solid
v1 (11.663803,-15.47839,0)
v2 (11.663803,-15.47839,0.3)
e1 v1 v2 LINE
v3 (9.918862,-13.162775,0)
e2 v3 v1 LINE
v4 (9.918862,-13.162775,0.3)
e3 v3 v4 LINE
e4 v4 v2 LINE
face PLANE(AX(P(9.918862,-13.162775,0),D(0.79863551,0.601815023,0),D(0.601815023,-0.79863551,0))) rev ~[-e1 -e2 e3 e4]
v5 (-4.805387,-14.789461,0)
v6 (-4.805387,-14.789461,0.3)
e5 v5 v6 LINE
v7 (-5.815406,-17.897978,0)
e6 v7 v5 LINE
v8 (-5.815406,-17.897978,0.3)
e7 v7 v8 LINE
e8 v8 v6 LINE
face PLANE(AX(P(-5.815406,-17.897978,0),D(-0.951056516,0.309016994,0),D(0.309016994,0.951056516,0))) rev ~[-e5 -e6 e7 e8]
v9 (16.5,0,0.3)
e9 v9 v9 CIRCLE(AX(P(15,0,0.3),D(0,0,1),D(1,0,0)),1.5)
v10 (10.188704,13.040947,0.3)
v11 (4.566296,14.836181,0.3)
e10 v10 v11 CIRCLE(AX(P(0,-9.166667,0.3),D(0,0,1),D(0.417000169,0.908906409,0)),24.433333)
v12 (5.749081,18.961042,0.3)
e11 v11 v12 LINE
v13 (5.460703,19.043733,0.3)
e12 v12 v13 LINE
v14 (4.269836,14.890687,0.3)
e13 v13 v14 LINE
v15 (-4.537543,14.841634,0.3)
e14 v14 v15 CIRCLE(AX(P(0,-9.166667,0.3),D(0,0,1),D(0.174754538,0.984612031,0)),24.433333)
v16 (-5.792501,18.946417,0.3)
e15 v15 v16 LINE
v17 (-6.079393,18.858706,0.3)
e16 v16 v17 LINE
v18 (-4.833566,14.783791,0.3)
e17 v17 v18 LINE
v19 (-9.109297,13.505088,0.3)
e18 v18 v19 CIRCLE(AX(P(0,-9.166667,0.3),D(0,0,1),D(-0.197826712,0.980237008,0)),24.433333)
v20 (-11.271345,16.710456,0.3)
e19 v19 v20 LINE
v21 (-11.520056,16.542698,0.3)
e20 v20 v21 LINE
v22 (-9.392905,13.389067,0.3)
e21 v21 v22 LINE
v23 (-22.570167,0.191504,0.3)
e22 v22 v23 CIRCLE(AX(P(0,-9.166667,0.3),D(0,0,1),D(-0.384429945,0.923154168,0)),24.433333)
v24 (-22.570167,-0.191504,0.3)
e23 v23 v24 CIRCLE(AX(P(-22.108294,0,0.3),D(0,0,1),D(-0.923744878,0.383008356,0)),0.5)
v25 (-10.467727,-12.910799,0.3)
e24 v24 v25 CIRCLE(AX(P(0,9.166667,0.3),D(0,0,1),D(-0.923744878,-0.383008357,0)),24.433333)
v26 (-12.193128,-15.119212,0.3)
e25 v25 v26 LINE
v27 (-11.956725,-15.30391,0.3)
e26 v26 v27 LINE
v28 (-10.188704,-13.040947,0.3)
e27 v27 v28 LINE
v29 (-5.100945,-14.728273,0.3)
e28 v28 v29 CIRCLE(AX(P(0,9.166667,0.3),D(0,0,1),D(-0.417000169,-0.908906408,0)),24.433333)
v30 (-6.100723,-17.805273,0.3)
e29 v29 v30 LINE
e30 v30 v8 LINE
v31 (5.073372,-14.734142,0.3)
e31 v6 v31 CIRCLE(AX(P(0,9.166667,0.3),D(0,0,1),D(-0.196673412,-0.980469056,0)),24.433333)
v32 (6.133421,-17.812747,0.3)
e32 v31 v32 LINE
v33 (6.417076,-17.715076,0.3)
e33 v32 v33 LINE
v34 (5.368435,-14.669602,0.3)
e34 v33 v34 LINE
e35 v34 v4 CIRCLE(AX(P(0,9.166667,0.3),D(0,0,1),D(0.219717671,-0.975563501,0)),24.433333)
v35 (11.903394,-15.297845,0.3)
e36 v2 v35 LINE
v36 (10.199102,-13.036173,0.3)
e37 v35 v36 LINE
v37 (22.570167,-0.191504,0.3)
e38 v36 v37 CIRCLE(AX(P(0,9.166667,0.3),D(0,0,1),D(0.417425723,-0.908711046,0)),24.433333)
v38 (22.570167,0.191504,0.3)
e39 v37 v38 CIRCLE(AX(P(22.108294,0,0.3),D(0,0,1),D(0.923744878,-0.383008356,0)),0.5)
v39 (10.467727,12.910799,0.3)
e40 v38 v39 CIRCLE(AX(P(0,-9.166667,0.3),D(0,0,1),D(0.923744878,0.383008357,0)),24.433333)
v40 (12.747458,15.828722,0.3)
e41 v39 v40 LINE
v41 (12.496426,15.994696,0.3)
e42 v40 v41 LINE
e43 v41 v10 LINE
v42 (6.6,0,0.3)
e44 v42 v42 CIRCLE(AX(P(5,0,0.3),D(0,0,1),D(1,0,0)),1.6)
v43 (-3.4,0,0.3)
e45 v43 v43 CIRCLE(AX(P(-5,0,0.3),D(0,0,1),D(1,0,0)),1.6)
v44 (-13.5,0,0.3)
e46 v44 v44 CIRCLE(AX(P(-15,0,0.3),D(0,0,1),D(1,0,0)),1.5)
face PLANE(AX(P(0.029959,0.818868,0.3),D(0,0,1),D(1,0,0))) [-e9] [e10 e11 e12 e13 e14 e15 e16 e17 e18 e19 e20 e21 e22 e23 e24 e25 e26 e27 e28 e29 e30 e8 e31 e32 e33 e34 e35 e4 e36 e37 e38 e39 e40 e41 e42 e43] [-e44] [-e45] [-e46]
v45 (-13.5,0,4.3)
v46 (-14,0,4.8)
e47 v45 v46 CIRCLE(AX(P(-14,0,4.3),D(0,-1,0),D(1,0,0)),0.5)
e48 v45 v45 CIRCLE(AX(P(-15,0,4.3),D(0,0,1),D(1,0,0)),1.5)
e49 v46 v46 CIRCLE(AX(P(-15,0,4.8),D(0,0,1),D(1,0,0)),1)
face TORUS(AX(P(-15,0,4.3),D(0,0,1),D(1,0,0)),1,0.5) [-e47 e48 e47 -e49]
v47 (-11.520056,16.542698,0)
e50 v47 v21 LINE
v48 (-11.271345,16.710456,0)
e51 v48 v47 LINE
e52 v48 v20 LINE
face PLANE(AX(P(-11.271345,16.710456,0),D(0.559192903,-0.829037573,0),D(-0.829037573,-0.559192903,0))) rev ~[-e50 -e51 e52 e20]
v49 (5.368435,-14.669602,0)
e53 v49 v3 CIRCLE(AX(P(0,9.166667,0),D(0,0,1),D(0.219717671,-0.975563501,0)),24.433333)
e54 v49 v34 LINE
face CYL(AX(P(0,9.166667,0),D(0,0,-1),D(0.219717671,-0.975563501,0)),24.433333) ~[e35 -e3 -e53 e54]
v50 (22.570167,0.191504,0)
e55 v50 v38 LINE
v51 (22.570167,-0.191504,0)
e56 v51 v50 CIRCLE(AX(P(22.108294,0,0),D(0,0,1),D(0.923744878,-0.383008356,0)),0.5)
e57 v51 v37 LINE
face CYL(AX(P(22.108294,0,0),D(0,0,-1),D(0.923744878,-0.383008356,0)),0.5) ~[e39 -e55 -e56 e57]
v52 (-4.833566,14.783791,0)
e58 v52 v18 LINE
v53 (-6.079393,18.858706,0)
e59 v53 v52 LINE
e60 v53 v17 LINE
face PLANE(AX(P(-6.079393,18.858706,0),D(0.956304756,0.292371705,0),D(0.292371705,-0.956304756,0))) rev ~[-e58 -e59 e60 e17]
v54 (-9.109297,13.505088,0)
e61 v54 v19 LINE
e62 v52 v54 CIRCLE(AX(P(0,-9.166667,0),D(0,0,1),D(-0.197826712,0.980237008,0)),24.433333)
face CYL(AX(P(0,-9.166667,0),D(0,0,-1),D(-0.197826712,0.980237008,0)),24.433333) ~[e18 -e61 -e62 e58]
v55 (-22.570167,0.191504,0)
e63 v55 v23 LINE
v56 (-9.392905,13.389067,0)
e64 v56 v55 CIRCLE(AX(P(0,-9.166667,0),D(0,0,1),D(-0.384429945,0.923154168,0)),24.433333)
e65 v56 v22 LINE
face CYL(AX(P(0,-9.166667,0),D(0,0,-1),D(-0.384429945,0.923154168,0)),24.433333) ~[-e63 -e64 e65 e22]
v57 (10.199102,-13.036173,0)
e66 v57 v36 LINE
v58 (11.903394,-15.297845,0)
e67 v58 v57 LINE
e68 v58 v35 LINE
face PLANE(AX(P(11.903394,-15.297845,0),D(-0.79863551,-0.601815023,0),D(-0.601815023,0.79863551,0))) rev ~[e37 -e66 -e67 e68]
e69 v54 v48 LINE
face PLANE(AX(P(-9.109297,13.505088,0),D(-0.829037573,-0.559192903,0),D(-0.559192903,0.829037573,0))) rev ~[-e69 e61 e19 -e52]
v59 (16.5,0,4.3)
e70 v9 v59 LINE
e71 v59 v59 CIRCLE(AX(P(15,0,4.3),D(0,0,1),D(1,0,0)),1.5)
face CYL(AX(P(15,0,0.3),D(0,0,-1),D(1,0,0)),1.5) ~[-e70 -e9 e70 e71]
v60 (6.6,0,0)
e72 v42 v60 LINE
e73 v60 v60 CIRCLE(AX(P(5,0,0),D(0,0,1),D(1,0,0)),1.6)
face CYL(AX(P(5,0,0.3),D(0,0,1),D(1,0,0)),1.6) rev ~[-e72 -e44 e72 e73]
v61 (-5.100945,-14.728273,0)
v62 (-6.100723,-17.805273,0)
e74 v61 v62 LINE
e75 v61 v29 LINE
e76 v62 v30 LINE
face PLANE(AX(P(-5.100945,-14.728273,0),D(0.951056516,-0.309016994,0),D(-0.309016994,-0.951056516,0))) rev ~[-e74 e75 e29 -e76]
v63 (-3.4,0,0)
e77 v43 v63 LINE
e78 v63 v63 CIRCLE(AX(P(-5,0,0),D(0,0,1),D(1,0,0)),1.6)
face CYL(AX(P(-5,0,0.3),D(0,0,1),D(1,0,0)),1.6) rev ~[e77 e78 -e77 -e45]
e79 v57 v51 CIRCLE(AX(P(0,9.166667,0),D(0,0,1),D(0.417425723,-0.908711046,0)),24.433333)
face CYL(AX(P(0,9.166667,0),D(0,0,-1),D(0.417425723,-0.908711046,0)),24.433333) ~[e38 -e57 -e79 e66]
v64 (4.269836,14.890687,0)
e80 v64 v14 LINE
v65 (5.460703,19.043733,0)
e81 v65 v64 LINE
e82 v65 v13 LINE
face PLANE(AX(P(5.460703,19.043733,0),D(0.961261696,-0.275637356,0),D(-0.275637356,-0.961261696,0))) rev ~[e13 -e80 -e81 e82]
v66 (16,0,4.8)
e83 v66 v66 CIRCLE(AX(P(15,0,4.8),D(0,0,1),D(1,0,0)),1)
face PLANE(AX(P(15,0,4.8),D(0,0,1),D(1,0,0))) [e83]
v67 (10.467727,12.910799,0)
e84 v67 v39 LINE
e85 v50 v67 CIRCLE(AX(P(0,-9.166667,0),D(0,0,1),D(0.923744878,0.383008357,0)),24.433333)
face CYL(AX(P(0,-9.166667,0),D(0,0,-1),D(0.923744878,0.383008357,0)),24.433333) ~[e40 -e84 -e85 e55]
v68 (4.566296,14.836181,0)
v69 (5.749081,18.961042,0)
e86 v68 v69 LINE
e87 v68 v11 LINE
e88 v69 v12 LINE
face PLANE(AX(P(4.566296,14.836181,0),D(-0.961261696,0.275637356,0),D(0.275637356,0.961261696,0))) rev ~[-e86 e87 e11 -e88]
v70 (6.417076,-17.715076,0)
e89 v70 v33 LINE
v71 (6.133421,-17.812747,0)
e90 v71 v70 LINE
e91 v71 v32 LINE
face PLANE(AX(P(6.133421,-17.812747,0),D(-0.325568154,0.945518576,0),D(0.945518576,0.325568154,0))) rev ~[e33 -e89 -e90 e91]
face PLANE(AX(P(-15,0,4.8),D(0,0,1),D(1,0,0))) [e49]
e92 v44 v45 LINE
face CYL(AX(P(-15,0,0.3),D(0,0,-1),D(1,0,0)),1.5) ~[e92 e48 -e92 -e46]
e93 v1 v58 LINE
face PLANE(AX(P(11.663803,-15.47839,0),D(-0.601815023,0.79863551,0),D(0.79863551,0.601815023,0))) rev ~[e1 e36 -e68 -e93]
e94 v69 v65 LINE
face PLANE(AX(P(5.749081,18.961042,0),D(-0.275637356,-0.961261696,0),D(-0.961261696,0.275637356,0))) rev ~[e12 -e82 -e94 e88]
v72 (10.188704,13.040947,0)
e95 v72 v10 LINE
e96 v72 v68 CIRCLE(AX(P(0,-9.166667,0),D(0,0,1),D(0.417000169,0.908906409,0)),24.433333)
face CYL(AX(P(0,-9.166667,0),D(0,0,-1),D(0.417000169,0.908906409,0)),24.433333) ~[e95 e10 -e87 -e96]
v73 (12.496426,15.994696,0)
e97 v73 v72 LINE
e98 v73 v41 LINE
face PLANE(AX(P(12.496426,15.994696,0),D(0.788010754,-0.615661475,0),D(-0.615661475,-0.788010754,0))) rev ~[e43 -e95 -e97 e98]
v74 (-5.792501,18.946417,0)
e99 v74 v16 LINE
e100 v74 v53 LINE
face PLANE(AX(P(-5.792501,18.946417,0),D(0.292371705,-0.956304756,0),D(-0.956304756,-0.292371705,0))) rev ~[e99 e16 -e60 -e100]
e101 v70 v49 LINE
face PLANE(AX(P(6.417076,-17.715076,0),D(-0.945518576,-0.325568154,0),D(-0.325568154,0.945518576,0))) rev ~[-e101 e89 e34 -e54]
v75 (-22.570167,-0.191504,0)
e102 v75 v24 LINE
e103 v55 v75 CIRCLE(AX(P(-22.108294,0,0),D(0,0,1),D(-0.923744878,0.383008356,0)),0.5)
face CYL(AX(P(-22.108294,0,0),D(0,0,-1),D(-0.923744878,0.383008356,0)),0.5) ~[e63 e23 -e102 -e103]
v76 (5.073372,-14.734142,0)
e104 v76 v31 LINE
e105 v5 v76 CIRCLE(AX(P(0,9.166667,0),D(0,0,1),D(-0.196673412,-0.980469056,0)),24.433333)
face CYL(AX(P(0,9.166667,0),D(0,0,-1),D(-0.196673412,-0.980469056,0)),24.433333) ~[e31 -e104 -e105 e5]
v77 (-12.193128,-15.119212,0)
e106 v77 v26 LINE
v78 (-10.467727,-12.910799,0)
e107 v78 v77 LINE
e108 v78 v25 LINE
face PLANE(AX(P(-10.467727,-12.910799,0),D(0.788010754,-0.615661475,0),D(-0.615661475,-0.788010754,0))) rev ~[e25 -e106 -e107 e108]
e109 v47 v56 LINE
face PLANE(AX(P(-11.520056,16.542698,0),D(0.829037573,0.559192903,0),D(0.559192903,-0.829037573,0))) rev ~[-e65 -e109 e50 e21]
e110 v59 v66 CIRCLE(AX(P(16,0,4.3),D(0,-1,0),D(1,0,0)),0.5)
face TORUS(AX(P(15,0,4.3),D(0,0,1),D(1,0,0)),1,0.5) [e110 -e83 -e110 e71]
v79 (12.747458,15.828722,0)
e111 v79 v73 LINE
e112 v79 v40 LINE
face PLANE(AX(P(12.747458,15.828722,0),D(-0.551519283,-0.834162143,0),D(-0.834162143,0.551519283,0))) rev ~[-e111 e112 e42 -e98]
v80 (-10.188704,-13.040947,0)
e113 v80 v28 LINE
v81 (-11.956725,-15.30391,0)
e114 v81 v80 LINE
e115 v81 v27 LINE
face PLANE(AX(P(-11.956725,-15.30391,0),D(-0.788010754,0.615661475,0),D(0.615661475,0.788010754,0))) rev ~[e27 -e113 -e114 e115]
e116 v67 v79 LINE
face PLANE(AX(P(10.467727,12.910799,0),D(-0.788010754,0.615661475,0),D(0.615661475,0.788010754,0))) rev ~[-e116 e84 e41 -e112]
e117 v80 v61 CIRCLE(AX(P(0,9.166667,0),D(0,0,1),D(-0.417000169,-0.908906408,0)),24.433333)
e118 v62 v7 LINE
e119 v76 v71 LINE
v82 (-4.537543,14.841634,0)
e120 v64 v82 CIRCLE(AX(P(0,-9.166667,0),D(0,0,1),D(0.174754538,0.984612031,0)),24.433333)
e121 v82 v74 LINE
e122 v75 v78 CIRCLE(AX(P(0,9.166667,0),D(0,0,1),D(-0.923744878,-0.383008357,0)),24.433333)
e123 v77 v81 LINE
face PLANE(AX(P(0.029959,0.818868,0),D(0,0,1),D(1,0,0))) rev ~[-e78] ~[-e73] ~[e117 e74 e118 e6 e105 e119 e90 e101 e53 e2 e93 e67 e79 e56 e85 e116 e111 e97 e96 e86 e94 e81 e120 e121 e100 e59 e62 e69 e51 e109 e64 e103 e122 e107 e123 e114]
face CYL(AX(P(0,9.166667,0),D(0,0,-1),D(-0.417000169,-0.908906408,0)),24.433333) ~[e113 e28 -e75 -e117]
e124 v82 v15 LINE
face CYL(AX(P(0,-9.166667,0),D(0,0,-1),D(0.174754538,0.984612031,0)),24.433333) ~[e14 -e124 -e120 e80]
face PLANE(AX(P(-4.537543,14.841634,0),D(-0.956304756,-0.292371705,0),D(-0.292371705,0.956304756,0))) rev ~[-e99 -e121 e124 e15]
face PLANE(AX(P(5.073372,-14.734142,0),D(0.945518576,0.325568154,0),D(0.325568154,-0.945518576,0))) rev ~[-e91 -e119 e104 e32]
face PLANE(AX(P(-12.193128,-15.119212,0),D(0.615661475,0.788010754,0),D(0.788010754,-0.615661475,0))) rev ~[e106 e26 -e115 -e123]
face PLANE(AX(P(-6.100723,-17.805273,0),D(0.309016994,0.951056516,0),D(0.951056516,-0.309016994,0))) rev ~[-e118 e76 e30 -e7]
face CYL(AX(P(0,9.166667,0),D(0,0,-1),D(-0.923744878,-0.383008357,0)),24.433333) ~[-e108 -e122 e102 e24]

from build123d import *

# Parameters (mm, degrees)
F3_DEPTH = 0.3
F4_R     = 1.6
F5_DEPTH = 0.301
F6_R     = 1.5
F7_DEPTH = 4.5
F8_R     = 0.5


with BuildPart() as f3:
    # F2 (on Top) → F3 (new body)
    with BuildSketch(Plane.XY):
        with BuildLine():
            ThreePointArc((22.5701665084, -0.1915041783), (22.6082940696, 0), (22.5701665084, 0.1915041783))
            ThreePointArc((22.5701665084, 0.1915041783), (17.7008675448, 7.675751982), (10.4677268379, 12.9107986006))
            Line((10.4677268379, 12.9107986006), (12.747458202, 15.8287216837))
            Line((12.747458202, 15.8287216837), (12.4964258145, 15.9946956536))
            Line((12.4964258145, 15.9946956536), (10.1887041195, 13.0409465807))
            ThreePointArc((10.1887041195, 13.0409465807), (7.4319060142, 14.1089547165), (4.5662963881, 14.8361813951))
            Line((4.5662963881, 14.8361813951), (5.7490812099, 18.9610422665))
            Line((5.7490812099, 18.9610422665), (5.4607027011, 19.0437334733))
            Line((5.4607027011, 19.0437334733), (4.2698358713, 14.8906872903))
            ThreePointArc((4.2698358713, 14.8906872903), (-0.1360819994, 15.2662877079), (-4.5375427655, 14.8416336361))
            Line((-4.5375427655, 14.8416336361), (-5.7925011179, 18.9464174492))
            Line((-5.7925011179, 18.9464174492), (-6.0793925447, 18.8587059378))
            Line((-6.0793925447, 18.8587059378), (-4.8335659928, 14.7837908983))
            ThreePointArc((-4.8335659928, 14.7837908983), (-7.0006877188, 14.2422664411), (-9.1092972105, 13.5050884949))
            Line((-9.1092972105, 13.5050884949), (-11.2713448253, 16.7104559006))
            Line((-11.2713448253, 16.7104559006), (-11.520056097, 16.5426980296))
            Line((-11.520056097, 16.5426980296), (-9.3929049937, 13.3890668296))
            ThreePointArc((-9.3929049937, 13.3890668296), (-17.2902689379, 8.0970055334), (-22.5701665084, 0.1915041783))
            ThreePointArc((-22.5701665084, 0.1915041783), (-22.6082940696, 0), (-22.5701665084, -0.1915041783))
            ThreePointArc((-22.5701665084, -0.1915041783), (-17.7008675448, -7.675751982), (-10.4677268379, -12.9107986006))
            Line((-10.4677268379, -12.9107986006), (-12.1931284822, -15.1192119975))
            Line((-12.1931284822, -15.1192119975), (-11.9567252562, -15.30391044))
            Line((-11.9567252562, -15.30391044), (-10.1887041195, -13.0409465807))
            ThreePointArc((-10.1887041195, -13.0409465807), (-7.69123576, -14.0245530137), (-5.1009446547, -14.7282729944))
            Line((-5.1009446547, -14.7282729944), (-6.1007225638, -17.8052730061))
            Line((-6.1007225638, -17.8052730061), (-5.8154056089, -17.8979781044))
            Line((-5.8154056089, -17.8979781044), (-4.8053870424, -14.7894605903))
            ThreePointArc((-4.8053870424, -14.7894605903), (0.1368174743, -15.2662836005), (5.0733720825, -14.7341423885))
            Line((5.0733720825, -14.7341423885), (6.1334205771, -17.8127467574))
            Line((6.1334205771, -17.8127467574), (6.4170761498, -17.7150763111))
            Line((6.4170761498, -17.7150763111), (5.3684350935, -14.6696015485))
            ThreePointArc((5.3684350935, -14.6696015485), (7.6806898276, -14.0280478509), (9.9188621728, -13.1627746827))
            Line((9.9188621728, -13.1627746827), (11.6638032097, -15.4783896498))
            Line((11.6638032097, -15.4783896498), (11.9033938627, -15.2978451429))
            Line((11.9033938627, -15.2978451429), (10.1991018341, -13.0361732318))
            ThreePointArc((10.1991018341, -13.0361732318), (17.5983697455, -7.7828218235), (22.5701665084, -0.1915041783))
        make_face()
    extrude(amount=F3_DEPTH)

    # F4 (on face) → F5 (cut, through all)
    with BuildSketch(Plane.XY.offset(0.3)):
        with Locations((5, 0)):
            Circle(F4_R)
        with Locations((-5, 0)):
            Circle(F4_R)
    extrude(amount=-F5_DEPTH, mode=Mode.SUBTRACT)

    # F6 (on face) → F7 (join)
    with BuildSketch(Plane.XY.offset(0.3)):
        with Locations((-15, 0)):
            Circle(F6_R)
        with Locations((15, 0)):
            Circle(F6_R)
    extrude(amount=F7_DEPTH)

    # F8
    f8_edges = [f3.edges().sort_by_distance(p)[0] for p in [
        (-16.5, 0, 4.8),
        (13.5, 0, 4.8),
    ]]
    fillet(f8_edges, radius=F8_R)


solid = f3.part
